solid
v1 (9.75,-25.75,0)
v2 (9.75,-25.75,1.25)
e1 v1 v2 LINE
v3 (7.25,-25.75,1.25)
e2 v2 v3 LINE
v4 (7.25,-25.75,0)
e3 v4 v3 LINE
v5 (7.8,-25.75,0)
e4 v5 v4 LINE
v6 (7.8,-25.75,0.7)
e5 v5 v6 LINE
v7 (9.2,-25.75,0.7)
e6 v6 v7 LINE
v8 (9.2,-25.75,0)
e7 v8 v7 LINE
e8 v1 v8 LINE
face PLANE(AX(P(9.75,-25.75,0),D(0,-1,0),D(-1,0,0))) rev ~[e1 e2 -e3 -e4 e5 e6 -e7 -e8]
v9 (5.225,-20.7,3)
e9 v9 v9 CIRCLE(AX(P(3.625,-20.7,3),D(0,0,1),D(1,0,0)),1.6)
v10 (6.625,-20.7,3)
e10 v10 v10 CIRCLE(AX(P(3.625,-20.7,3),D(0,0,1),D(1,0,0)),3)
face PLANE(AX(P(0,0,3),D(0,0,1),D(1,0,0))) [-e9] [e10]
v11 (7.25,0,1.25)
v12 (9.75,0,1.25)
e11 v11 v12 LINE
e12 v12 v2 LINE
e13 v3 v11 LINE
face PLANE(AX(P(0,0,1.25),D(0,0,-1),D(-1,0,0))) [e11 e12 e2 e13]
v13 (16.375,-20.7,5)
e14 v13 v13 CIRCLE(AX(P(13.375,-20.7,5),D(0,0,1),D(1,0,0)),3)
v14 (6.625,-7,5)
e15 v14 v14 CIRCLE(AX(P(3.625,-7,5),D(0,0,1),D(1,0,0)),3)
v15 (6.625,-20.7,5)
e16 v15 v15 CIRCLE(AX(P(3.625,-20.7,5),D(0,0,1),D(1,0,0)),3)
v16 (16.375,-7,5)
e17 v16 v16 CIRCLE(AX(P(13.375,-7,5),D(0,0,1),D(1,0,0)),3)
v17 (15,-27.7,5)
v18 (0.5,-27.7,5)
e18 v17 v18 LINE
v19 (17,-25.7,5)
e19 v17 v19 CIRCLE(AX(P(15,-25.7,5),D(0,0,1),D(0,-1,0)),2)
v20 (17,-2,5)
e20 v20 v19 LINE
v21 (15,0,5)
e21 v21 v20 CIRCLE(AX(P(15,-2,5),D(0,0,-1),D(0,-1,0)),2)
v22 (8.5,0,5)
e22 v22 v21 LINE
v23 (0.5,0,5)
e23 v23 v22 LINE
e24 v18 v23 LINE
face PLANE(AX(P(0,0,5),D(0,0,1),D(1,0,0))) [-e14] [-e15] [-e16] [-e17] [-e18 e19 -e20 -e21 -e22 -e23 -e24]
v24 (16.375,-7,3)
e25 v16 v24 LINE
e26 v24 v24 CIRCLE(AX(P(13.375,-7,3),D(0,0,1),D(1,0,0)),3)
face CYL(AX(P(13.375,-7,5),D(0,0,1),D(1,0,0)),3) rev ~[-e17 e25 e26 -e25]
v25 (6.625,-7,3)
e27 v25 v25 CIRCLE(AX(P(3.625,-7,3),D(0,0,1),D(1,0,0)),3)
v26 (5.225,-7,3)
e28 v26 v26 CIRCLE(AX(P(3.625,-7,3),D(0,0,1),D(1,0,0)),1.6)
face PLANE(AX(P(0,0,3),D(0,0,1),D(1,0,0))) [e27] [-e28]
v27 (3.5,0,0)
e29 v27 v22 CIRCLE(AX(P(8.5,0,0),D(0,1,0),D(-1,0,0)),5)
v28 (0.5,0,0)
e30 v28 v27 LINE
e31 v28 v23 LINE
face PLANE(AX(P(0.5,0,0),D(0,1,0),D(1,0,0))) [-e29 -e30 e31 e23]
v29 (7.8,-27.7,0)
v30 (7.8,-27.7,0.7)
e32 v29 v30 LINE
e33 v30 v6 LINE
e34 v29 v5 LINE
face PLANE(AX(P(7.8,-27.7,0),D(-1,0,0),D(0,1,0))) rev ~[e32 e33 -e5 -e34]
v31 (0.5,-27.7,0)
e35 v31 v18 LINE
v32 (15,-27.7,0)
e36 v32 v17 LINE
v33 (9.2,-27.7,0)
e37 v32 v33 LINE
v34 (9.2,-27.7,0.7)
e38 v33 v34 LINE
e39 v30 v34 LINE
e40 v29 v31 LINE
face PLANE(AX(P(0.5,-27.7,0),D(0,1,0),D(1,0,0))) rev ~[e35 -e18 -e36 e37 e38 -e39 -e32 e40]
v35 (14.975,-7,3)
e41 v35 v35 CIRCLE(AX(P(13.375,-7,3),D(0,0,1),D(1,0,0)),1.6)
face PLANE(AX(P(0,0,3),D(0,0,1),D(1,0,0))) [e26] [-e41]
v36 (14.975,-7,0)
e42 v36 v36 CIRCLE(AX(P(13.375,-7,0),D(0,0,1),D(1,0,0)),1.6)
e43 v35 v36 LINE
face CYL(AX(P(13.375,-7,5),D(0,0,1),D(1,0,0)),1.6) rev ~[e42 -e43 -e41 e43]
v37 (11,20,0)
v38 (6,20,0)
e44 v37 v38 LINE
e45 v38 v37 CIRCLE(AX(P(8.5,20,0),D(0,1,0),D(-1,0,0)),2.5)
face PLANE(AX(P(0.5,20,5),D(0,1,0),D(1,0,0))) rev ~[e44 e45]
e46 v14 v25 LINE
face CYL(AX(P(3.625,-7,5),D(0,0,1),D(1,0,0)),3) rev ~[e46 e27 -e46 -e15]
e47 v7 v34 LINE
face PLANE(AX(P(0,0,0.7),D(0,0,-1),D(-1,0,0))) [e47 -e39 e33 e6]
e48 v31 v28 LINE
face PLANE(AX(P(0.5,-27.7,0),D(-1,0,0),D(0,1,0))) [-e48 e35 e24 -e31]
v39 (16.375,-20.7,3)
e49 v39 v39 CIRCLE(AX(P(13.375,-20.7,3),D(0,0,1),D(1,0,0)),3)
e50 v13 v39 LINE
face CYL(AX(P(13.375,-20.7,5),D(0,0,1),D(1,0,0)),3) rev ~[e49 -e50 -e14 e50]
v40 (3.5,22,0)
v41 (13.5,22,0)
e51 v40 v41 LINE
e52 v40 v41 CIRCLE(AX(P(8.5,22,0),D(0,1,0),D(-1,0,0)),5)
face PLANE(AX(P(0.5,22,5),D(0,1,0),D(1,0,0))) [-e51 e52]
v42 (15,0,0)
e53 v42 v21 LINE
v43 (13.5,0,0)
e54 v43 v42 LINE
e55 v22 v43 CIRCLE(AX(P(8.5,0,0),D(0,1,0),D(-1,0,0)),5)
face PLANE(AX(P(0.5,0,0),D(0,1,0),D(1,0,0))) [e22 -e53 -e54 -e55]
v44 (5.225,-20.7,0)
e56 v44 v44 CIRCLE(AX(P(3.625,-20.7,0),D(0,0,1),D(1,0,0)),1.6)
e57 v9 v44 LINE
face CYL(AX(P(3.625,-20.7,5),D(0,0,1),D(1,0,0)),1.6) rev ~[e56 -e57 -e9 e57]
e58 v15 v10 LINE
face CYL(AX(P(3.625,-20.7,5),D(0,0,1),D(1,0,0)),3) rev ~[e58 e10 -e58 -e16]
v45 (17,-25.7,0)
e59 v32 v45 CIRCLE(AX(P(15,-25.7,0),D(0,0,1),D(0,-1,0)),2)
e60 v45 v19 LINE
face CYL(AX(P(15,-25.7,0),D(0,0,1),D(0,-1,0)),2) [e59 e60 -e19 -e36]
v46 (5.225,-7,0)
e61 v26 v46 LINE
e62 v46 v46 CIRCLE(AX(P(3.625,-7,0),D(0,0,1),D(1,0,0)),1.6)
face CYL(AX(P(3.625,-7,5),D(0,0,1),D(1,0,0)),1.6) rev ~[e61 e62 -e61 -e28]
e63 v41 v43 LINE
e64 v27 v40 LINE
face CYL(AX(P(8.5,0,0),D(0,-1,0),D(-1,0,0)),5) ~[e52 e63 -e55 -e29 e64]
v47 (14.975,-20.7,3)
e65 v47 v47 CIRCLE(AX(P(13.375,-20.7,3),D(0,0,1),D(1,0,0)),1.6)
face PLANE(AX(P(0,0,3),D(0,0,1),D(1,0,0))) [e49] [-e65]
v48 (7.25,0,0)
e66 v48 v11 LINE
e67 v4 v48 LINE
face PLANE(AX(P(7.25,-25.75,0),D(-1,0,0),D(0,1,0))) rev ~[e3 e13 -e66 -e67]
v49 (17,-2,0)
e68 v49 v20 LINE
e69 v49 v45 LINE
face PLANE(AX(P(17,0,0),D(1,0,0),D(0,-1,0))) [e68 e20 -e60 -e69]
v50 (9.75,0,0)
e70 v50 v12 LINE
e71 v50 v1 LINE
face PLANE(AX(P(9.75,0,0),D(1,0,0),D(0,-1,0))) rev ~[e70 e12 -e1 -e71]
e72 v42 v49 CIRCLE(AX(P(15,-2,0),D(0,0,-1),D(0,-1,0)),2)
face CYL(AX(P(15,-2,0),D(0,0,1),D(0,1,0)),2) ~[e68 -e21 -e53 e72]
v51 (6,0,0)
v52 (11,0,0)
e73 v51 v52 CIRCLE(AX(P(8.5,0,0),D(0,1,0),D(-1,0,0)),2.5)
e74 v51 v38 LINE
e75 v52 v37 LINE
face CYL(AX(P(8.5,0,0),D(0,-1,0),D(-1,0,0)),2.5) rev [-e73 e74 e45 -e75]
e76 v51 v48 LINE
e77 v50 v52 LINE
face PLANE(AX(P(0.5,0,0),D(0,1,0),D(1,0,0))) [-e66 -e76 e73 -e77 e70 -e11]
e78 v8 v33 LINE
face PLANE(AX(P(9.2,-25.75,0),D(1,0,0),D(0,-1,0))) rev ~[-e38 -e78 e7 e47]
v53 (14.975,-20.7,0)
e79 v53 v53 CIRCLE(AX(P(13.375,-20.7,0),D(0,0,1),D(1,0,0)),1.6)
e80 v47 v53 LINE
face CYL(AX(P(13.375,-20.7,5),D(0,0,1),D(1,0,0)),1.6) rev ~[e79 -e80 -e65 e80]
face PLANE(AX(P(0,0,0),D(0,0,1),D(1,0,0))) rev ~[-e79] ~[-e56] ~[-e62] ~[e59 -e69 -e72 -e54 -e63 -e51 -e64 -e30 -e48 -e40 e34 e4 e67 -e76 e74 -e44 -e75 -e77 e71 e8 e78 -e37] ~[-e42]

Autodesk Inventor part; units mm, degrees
ref_plane "YZ Plane" through (0, 0, 0) normal (1, 0, 0) x (0, 1, 0)
ref_plane "XZ Plane" through (0, 0, 0) normal (0, 1, 0) x (-1, 0, 0)
ref_plane "XY Plane" through (0, 0, 0) normal (0, 0, 1) x (1, 0, 0)
sketch "Skizze1" plane through (0, 0, 0) normal (0, 0, 1) x (1, 0, 0)
  circle A0 centre (3.625, -20.7) radius 1.6 projected
  circle A1 centre (3.625, -7) radius 1.6 projected
  line L0 (7.8, -27.7) -> (7.8, -25.75) projected
  line L1 (7.8, -25.75) -> (7.25, -25.75) projected
  line L2 (7.25, -25.75) -> (7.25, 0) projected
  line L3 (0, 0) -> (7.25, 0) projected
  line L4 (0, -27.7) -> (0, 0) projected
  line L5 (0, -27.7) -> (7.8, -27.7) projected
  circle A2 centre (13.375, -20.7) radius 1.6 projected
  circle A3 centre (13.375, -7) radius 1.6 projected
  line L6 (9.2, -25.75) -> (9.2, -27.7) projected
  line L7 (9.2, -27.7) -> (17, -27.7) projected
  line L8 (17, 0) -> (17, -27.7) projected
  line L9 (9.75, 0) -> (17, 0) projected
  line L10 (9.75, 0) -> (9.75, -25.75) projected
  line L11 (9.75, -25.75) -> (9.2, -25.75) projected
  line L12 (0.5, 0) -> (17, 0)
  line L13 (17, 0) -> (17, -27.7)
  line L14 (17, -27.7) -> (0.5, -27.7)
  line L15 (0.5, -27.7) -> (0.5, 0)
  dimension "d0" = 0.5
extrude "Extrusion1" add sketch "Skizze1" along normal blind 5 contours A0 | A1 | L5 L15 L3 L2 L1 L0 | L0 L1 L2 L12 L10 L11 L6 L14 | L6 L11 L10 L9 L8 L7 | A2 | A3
sketch "Skizze2" plane through (0, 0, 5) normal (0, 0, 1) x (1, 0, 0)
  circle A0 centre (3.625, -7) radius 1.6 projected
  circle A1 centre (13.375, -7) radius 1.6 projected
  circle A2 centre (13.375, -20.7) radius 1.6 projected
  circle A3 centre (3.625, -20.7) radius 1.6 projected
  point P0 (0, 0)
extrude "Extrusion2" cut sketch "Skizze2" against normal blind 10
sketch "Skizze3" plane through (0, 0, 0) normal (0, 0, -1) x (-1, 0, 0)
  line L0 (-7.25, -25.75) -> (-7.25, 0) projected
  line L1 (-9.75, 0) -> (-9.75, -25.75) projected
  line L2 (-9.75, -25.75) -> (-7.25, -25.75) projected
  line L3 (-7.25, 0) -> (-9.75, 0)
  line L4 (-17, 0) -> (-0.5, 0) projected
  point P0 (0, 0)
  dimension "d5" = 2.5
extrude "Extrusion3" cut sketch "Skizze3" against normal blind 1.25
sketch "Skizze4" plane through (0, 0, 0) normal (0, 0, -1) x (-1, 0, 0)
  line L0 (-7.8, -27.7) -> (-7.8, -25.75) projected
  line L1 (-9.2, -25.75) -> (-9.2, -27.7) projected
  line L2 (-7.8, -27.7) -> (-9.2, -27.7)
  line L3 (-0.5, -27.7) -> (-17, -27.7) projected
  line L4 (-7.8, -25.75) -> (-9.2, -25.75)
  line L5 (-7.25, -25.75) -> (-9.75, -25.75) projected
  point P0 (0, 0)
  dimension "d8" = 1.4
extrude "Extrusion4" cut sketch "Skizze4" against normal blind 0.7
fillet "Rundung1" radius 2 2 edges at (17, 0, 2.5) (17, -27.7, 2.5)
sketch "Skizze5" plane through (0.5, 0, 5) normal (0, 1, 0) x (1, 0, 0)
  line L0 (0, 5) -> (7.3, 5) projected
  line L1 (8.7, 5) -> (14.5, 5) projected
  arc A0 (5.5, 5) -> (10.5, 5) centre (8, 5) ccw
  line L2 (8.7, 4.3) -> (7.3, 4.3) projected
  arc A1 (3, 5) -> (13, 5) centre (8, 5) ccw
  line L3 (13, 5) -> (10.5, 5)
  line L4 (5.5, 5) -> (3, 5)
  line L5 (14.5, 0) -> (0, 0) projected
  point P0 (-0.5, 5)
  point P1 (8, 4.3)
  dimension "d12" = 2.5
  dimension "d13" = 0
extrude "Extrusion5" add sketch "Skizze5" along normal blind 20
sketch "Skizze7" plane through (0, 0, 5) normal (0, 0, 1) x (1, 0, 0)
  circle A0 centre (3.625, -7) radius 3
  circle A1 centre (13.375, -7) radius 3
  circle A2 centre (13.375, -20.7) radius 1.6 projected
  circle A3 centre (13.375, -20.7) radius 3
  circle A4 centre (3.625, -20.7) radius 3
  circle A5 centre (3.625, -7) radius 1.6 projected
  circle A6 centre (13.375, -7) radius 1.6 projected
  circle A7 centre (3.625, -20.7) radius 1.6 projected
  point P0 (0, 0)
  dimension "d18" = 6
extrude "Extrusion7" cut sketch "Skizze7" against normal blind 2 contours A0 | A1 | A2 | A3 | A4 | A5 | A7
sketch "Skizze8" plane through (0.5, 20, 5) normal (0, 1, 0) x (1, 0, 0)
  point P0 (-0.5, 5)
sketch "Skizze9" plane through (0.5, 20, 5) normal (0, 1, 0) x (1, 0, 0)
  line L0 (13, 5) -> (10.5, 5) projected
  arc A0 (5.5, 5) -> (10.5, 5) centre (8, 5) ccw projected
  line L1 (5.5, 5) -> (3, 5) projected
  arc A1 (3, 5) -> (13, 5) centre (8, 5) ccw projected
  circle A2 centre (8, 5) radius 5
  line L2 (5.5, 5) -> (10.5, 5)
  point P0 (-0.5, 5)
  point P1 (3, 5)
  point P2 (13, 5)
extrude "Extrusion8" add sketch "Skizze9" along normal blind 2 contours A1 L1 A0 L0 | A0 L2
equation "\"d6\" = 0.5 * d5"
equation "\"d9\" = 0.5 * d8"
properties part number "NadelHalterLose"
